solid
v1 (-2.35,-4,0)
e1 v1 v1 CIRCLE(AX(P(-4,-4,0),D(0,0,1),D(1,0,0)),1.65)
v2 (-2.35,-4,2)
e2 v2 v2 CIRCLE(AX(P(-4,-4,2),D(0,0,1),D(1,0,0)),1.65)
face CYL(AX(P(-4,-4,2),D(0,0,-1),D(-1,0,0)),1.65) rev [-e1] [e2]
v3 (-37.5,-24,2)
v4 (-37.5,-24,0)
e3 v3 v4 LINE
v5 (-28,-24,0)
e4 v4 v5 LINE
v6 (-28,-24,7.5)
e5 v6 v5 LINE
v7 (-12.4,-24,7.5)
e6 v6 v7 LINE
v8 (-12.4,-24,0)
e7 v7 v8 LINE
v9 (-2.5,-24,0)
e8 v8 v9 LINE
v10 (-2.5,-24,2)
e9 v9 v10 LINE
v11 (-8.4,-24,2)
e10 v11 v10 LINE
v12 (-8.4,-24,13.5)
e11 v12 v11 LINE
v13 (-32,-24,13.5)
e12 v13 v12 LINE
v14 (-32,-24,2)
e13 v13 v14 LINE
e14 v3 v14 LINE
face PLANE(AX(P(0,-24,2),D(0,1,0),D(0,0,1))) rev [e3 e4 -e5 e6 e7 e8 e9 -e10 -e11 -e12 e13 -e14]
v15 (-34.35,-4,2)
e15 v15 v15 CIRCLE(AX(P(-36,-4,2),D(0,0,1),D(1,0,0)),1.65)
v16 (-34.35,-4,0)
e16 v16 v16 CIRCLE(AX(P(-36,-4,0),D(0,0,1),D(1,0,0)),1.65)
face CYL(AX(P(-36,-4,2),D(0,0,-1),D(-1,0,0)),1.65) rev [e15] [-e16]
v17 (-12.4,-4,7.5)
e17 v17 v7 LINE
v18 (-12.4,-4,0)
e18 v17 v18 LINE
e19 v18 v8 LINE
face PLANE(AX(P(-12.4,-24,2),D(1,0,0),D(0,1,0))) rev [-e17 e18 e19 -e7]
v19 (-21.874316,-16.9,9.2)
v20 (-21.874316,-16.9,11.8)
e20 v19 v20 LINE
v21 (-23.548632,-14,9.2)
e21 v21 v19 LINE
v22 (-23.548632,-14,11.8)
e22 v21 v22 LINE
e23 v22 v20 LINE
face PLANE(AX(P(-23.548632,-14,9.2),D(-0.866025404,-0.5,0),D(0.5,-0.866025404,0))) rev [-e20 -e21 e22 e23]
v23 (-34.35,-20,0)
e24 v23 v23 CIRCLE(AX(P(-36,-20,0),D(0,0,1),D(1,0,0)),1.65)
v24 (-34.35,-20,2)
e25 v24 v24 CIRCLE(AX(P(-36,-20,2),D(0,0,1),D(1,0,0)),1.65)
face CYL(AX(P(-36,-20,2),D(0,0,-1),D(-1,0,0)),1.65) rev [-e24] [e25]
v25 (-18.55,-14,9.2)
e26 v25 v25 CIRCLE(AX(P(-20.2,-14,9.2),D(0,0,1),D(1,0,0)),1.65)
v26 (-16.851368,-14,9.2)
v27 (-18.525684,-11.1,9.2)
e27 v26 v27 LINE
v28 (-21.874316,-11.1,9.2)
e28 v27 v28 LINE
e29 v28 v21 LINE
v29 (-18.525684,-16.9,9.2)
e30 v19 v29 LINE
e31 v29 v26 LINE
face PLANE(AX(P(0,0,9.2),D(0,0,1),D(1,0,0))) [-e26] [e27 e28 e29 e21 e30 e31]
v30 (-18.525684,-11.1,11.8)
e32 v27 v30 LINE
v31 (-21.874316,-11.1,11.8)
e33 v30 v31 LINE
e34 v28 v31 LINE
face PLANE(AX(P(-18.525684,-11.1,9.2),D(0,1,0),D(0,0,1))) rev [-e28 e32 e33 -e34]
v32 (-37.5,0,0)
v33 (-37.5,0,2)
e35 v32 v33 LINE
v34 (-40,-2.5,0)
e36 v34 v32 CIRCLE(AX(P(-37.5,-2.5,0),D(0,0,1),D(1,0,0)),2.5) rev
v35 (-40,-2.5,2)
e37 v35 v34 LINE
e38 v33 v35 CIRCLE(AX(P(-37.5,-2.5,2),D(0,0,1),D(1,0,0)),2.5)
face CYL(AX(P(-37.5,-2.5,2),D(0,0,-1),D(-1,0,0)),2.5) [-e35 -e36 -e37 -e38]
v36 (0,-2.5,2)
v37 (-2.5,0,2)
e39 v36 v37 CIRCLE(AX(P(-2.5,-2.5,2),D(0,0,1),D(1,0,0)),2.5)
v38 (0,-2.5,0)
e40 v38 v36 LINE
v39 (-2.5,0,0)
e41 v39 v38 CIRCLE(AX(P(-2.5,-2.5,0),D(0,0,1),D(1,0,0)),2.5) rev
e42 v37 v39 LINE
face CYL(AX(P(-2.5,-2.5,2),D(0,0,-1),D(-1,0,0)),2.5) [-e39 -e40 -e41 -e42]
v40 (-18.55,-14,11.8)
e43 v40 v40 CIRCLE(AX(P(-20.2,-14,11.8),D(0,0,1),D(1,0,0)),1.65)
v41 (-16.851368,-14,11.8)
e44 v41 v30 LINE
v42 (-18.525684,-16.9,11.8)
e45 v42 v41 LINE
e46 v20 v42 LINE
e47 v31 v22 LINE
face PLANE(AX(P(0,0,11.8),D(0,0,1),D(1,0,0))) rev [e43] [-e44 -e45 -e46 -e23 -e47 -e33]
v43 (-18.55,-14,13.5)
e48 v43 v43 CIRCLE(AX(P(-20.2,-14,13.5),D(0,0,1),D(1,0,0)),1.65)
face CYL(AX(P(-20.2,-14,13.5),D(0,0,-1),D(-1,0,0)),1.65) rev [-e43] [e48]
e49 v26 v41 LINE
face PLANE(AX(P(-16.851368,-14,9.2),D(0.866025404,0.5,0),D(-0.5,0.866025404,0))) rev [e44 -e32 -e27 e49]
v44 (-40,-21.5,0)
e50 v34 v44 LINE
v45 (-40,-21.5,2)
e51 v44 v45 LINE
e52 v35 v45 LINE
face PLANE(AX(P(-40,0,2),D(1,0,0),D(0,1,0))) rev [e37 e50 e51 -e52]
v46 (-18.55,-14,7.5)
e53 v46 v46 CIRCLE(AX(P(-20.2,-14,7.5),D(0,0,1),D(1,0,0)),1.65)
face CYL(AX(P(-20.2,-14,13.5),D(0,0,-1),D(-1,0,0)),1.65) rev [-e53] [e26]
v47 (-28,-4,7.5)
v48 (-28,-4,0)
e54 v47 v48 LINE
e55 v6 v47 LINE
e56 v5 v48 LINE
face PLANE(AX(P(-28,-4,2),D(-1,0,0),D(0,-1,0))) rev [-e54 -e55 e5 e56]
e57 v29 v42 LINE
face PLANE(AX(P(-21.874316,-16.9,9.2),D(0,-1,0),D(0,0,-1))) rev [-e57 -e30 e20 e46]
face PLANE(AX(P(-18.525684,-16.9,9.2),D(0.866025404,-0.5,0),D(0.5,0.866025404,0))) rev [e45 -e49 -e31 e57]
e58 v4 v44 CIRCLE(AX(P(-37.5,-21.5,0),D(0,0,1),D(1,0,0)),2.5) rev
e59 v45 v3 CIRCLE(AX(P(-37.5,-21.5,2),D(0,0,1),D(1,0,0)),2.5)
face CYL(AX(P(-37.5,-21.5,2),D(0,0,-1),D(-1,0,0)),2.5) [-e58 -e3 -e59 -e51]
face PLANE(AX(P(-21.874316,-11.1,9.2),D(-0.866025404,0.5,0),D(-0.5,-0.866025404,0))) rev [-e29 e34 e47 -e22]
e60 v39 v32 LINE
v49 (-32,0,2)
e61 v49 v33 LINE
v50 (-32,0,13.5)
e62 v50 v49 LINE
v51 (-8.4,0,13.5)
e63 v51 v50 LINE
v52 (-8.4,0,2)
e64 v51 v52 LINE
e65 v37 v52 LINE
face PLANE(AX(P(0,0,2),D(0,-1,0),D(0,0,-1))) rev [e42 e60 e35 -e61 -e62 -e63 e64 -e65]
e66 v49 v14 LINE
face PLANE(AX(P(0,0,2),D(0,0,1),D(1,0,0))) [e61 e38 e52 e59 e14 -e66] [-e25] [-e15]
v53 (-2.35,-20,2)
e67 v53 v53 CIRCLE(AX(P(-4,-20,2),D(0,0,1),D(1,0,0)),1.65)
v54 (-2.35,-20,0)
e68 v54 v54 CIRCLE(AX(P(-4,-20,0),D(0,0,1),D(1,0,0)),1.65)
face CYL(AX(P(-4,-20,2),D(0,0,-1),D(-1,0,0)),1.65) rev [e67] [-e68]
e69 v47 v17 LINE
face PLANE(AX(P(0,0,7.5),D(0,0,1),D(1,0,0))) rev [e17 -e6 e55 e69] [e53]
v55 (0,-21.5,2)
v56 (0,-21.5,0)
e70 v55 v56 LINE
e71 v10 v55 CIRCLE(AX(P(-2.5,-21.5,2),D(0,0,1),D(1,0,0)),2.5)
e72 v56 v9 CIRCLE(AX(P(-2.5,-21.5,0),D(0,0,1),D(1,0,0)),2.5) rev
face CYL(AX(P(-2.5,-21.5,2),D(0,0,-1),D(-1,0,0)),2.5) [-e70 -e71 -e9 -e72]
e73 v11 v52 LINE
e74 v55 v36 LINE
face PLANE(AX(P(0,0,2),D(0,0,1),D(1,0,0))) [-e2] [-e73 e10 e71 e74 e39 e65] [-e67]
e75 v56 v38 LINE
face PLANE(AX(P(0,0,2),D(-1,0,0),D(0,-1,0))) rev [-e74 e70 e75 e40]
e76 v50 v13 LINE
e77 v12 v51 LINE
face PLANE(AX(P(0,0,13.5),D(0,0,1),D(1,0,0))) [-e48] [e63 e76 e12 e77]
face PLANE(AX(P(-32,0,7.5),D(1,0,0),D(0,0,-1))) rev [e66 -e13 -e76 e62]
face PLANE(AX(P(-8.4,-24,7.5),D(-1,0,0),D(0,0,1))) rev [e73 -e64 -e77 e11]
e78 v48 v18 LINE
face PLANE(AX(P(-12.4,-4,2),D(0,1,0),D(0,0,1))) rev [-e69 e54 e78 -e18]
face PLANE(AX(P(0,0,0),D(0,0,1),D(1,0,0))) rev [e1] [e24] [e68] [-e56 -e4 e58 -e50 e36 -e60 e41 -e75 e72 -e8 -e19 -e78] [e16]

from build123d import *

# Parameters (mm, degrees)
SKETCH1_R           = 1.65
BOSS_EXTRUDE1_DEPTH = 2
BOSS_EXTRUDE2_DEPTH = 5.5
SKETCH3_W           = 23.6
SKETCH3_H           = 24
SKETCH3_R           = 1.65
BOSS_EXTRUDE3_DEPTH = 6
CUT_EXTRUDE1_START  = -1.7
CUT_EXTRUDE1_DEPTH  = 2.6
FILLET1_R           = 2.5


with BuildPart() as part:
    # Sketch1 → Boss-Extrude1 (new body)
    with BuildSketch(Plane(origin=(0, 0, 0), x_dir=(0, 1, 0), z_dir=(0, 0, 1))):
        Polygon((-24, 12.4), (-4, 12.4), (-4, 28), (-24, 28), (-24, 40), (0, 40), (0, 0), (-24, 0), align=None)
        with Locations((-20, 4)):
            Circle(SKETCH1_R, mode=Mode.SUBTRACT)
        with Locations((-4, 4)):
            Circle(SKETCH1_R, mode=Mode.SUBTRACT)
        with Locations((-4, 36)):
            Circle(SKETCH1_R, mode=Mode.SUBTRACT)
        with Locations((-20, 36)):
            Circle(SKETCH1_R, mode=Mode.SUBTRACT)
    extrude(amount=BOSS_EXTRUDE1_DEPTH)

    # Sketch2 → Boss-Extrude2 (add)
    with BuildSketch(Plane.XY.offset(2)):
        Polygon((-28, -24), (-28, -4), (-12.4, -4), (-12.4, -24), (-8.4, -24), (-8.4, 0), (-32, 0), (-32, -24), align=None)
    extrude(amount=BOSS_EXTRUDE2_DEPTH)

    # Sketch3 → Boss-Extrude3 (add)
    with BuildSketch(Plane.XY.offset(7.5)):
        with Locations((-20.2, -12)):
            Rectangle(SKETCH3_W, SKETCH3_H)
        with Locations((-20.2, -14)):
            Circle(SKETCH3_R, mode=Mode.SUBTRACT)
    extrude(amount=BOSS_EXTRUDE3_DEPTH)

    # Sketch4 → Cut-Extrude1 (cut)
    with BuildSketch(Plane.XY.offset(13.5).offset(CUT_EXTRUDE1_START)):
        Polygon((-16.851368439, -14), (-18.525684219, -11.1), (-21.874315781, -11.1), (-23.548631561, -14), (-21.874315781, -16.9), (-18.525684219, -16.9), align=None)
    extrude(amount=-CUT_EXTRUDE1_DEPTH, mode=Mode.SUBTRACT)

    # Fillet1
    fillet1_edges = [part.edges().sort_by_distance(p)[0] for p in [
        (0, 0, 1),
        (0, -24, 1),
        (-40, -24, 1),
        (-40, 0, 1),
    ]]
    fillet(fillet1_edges, radius=FILLET1_R)


solid = part.part
